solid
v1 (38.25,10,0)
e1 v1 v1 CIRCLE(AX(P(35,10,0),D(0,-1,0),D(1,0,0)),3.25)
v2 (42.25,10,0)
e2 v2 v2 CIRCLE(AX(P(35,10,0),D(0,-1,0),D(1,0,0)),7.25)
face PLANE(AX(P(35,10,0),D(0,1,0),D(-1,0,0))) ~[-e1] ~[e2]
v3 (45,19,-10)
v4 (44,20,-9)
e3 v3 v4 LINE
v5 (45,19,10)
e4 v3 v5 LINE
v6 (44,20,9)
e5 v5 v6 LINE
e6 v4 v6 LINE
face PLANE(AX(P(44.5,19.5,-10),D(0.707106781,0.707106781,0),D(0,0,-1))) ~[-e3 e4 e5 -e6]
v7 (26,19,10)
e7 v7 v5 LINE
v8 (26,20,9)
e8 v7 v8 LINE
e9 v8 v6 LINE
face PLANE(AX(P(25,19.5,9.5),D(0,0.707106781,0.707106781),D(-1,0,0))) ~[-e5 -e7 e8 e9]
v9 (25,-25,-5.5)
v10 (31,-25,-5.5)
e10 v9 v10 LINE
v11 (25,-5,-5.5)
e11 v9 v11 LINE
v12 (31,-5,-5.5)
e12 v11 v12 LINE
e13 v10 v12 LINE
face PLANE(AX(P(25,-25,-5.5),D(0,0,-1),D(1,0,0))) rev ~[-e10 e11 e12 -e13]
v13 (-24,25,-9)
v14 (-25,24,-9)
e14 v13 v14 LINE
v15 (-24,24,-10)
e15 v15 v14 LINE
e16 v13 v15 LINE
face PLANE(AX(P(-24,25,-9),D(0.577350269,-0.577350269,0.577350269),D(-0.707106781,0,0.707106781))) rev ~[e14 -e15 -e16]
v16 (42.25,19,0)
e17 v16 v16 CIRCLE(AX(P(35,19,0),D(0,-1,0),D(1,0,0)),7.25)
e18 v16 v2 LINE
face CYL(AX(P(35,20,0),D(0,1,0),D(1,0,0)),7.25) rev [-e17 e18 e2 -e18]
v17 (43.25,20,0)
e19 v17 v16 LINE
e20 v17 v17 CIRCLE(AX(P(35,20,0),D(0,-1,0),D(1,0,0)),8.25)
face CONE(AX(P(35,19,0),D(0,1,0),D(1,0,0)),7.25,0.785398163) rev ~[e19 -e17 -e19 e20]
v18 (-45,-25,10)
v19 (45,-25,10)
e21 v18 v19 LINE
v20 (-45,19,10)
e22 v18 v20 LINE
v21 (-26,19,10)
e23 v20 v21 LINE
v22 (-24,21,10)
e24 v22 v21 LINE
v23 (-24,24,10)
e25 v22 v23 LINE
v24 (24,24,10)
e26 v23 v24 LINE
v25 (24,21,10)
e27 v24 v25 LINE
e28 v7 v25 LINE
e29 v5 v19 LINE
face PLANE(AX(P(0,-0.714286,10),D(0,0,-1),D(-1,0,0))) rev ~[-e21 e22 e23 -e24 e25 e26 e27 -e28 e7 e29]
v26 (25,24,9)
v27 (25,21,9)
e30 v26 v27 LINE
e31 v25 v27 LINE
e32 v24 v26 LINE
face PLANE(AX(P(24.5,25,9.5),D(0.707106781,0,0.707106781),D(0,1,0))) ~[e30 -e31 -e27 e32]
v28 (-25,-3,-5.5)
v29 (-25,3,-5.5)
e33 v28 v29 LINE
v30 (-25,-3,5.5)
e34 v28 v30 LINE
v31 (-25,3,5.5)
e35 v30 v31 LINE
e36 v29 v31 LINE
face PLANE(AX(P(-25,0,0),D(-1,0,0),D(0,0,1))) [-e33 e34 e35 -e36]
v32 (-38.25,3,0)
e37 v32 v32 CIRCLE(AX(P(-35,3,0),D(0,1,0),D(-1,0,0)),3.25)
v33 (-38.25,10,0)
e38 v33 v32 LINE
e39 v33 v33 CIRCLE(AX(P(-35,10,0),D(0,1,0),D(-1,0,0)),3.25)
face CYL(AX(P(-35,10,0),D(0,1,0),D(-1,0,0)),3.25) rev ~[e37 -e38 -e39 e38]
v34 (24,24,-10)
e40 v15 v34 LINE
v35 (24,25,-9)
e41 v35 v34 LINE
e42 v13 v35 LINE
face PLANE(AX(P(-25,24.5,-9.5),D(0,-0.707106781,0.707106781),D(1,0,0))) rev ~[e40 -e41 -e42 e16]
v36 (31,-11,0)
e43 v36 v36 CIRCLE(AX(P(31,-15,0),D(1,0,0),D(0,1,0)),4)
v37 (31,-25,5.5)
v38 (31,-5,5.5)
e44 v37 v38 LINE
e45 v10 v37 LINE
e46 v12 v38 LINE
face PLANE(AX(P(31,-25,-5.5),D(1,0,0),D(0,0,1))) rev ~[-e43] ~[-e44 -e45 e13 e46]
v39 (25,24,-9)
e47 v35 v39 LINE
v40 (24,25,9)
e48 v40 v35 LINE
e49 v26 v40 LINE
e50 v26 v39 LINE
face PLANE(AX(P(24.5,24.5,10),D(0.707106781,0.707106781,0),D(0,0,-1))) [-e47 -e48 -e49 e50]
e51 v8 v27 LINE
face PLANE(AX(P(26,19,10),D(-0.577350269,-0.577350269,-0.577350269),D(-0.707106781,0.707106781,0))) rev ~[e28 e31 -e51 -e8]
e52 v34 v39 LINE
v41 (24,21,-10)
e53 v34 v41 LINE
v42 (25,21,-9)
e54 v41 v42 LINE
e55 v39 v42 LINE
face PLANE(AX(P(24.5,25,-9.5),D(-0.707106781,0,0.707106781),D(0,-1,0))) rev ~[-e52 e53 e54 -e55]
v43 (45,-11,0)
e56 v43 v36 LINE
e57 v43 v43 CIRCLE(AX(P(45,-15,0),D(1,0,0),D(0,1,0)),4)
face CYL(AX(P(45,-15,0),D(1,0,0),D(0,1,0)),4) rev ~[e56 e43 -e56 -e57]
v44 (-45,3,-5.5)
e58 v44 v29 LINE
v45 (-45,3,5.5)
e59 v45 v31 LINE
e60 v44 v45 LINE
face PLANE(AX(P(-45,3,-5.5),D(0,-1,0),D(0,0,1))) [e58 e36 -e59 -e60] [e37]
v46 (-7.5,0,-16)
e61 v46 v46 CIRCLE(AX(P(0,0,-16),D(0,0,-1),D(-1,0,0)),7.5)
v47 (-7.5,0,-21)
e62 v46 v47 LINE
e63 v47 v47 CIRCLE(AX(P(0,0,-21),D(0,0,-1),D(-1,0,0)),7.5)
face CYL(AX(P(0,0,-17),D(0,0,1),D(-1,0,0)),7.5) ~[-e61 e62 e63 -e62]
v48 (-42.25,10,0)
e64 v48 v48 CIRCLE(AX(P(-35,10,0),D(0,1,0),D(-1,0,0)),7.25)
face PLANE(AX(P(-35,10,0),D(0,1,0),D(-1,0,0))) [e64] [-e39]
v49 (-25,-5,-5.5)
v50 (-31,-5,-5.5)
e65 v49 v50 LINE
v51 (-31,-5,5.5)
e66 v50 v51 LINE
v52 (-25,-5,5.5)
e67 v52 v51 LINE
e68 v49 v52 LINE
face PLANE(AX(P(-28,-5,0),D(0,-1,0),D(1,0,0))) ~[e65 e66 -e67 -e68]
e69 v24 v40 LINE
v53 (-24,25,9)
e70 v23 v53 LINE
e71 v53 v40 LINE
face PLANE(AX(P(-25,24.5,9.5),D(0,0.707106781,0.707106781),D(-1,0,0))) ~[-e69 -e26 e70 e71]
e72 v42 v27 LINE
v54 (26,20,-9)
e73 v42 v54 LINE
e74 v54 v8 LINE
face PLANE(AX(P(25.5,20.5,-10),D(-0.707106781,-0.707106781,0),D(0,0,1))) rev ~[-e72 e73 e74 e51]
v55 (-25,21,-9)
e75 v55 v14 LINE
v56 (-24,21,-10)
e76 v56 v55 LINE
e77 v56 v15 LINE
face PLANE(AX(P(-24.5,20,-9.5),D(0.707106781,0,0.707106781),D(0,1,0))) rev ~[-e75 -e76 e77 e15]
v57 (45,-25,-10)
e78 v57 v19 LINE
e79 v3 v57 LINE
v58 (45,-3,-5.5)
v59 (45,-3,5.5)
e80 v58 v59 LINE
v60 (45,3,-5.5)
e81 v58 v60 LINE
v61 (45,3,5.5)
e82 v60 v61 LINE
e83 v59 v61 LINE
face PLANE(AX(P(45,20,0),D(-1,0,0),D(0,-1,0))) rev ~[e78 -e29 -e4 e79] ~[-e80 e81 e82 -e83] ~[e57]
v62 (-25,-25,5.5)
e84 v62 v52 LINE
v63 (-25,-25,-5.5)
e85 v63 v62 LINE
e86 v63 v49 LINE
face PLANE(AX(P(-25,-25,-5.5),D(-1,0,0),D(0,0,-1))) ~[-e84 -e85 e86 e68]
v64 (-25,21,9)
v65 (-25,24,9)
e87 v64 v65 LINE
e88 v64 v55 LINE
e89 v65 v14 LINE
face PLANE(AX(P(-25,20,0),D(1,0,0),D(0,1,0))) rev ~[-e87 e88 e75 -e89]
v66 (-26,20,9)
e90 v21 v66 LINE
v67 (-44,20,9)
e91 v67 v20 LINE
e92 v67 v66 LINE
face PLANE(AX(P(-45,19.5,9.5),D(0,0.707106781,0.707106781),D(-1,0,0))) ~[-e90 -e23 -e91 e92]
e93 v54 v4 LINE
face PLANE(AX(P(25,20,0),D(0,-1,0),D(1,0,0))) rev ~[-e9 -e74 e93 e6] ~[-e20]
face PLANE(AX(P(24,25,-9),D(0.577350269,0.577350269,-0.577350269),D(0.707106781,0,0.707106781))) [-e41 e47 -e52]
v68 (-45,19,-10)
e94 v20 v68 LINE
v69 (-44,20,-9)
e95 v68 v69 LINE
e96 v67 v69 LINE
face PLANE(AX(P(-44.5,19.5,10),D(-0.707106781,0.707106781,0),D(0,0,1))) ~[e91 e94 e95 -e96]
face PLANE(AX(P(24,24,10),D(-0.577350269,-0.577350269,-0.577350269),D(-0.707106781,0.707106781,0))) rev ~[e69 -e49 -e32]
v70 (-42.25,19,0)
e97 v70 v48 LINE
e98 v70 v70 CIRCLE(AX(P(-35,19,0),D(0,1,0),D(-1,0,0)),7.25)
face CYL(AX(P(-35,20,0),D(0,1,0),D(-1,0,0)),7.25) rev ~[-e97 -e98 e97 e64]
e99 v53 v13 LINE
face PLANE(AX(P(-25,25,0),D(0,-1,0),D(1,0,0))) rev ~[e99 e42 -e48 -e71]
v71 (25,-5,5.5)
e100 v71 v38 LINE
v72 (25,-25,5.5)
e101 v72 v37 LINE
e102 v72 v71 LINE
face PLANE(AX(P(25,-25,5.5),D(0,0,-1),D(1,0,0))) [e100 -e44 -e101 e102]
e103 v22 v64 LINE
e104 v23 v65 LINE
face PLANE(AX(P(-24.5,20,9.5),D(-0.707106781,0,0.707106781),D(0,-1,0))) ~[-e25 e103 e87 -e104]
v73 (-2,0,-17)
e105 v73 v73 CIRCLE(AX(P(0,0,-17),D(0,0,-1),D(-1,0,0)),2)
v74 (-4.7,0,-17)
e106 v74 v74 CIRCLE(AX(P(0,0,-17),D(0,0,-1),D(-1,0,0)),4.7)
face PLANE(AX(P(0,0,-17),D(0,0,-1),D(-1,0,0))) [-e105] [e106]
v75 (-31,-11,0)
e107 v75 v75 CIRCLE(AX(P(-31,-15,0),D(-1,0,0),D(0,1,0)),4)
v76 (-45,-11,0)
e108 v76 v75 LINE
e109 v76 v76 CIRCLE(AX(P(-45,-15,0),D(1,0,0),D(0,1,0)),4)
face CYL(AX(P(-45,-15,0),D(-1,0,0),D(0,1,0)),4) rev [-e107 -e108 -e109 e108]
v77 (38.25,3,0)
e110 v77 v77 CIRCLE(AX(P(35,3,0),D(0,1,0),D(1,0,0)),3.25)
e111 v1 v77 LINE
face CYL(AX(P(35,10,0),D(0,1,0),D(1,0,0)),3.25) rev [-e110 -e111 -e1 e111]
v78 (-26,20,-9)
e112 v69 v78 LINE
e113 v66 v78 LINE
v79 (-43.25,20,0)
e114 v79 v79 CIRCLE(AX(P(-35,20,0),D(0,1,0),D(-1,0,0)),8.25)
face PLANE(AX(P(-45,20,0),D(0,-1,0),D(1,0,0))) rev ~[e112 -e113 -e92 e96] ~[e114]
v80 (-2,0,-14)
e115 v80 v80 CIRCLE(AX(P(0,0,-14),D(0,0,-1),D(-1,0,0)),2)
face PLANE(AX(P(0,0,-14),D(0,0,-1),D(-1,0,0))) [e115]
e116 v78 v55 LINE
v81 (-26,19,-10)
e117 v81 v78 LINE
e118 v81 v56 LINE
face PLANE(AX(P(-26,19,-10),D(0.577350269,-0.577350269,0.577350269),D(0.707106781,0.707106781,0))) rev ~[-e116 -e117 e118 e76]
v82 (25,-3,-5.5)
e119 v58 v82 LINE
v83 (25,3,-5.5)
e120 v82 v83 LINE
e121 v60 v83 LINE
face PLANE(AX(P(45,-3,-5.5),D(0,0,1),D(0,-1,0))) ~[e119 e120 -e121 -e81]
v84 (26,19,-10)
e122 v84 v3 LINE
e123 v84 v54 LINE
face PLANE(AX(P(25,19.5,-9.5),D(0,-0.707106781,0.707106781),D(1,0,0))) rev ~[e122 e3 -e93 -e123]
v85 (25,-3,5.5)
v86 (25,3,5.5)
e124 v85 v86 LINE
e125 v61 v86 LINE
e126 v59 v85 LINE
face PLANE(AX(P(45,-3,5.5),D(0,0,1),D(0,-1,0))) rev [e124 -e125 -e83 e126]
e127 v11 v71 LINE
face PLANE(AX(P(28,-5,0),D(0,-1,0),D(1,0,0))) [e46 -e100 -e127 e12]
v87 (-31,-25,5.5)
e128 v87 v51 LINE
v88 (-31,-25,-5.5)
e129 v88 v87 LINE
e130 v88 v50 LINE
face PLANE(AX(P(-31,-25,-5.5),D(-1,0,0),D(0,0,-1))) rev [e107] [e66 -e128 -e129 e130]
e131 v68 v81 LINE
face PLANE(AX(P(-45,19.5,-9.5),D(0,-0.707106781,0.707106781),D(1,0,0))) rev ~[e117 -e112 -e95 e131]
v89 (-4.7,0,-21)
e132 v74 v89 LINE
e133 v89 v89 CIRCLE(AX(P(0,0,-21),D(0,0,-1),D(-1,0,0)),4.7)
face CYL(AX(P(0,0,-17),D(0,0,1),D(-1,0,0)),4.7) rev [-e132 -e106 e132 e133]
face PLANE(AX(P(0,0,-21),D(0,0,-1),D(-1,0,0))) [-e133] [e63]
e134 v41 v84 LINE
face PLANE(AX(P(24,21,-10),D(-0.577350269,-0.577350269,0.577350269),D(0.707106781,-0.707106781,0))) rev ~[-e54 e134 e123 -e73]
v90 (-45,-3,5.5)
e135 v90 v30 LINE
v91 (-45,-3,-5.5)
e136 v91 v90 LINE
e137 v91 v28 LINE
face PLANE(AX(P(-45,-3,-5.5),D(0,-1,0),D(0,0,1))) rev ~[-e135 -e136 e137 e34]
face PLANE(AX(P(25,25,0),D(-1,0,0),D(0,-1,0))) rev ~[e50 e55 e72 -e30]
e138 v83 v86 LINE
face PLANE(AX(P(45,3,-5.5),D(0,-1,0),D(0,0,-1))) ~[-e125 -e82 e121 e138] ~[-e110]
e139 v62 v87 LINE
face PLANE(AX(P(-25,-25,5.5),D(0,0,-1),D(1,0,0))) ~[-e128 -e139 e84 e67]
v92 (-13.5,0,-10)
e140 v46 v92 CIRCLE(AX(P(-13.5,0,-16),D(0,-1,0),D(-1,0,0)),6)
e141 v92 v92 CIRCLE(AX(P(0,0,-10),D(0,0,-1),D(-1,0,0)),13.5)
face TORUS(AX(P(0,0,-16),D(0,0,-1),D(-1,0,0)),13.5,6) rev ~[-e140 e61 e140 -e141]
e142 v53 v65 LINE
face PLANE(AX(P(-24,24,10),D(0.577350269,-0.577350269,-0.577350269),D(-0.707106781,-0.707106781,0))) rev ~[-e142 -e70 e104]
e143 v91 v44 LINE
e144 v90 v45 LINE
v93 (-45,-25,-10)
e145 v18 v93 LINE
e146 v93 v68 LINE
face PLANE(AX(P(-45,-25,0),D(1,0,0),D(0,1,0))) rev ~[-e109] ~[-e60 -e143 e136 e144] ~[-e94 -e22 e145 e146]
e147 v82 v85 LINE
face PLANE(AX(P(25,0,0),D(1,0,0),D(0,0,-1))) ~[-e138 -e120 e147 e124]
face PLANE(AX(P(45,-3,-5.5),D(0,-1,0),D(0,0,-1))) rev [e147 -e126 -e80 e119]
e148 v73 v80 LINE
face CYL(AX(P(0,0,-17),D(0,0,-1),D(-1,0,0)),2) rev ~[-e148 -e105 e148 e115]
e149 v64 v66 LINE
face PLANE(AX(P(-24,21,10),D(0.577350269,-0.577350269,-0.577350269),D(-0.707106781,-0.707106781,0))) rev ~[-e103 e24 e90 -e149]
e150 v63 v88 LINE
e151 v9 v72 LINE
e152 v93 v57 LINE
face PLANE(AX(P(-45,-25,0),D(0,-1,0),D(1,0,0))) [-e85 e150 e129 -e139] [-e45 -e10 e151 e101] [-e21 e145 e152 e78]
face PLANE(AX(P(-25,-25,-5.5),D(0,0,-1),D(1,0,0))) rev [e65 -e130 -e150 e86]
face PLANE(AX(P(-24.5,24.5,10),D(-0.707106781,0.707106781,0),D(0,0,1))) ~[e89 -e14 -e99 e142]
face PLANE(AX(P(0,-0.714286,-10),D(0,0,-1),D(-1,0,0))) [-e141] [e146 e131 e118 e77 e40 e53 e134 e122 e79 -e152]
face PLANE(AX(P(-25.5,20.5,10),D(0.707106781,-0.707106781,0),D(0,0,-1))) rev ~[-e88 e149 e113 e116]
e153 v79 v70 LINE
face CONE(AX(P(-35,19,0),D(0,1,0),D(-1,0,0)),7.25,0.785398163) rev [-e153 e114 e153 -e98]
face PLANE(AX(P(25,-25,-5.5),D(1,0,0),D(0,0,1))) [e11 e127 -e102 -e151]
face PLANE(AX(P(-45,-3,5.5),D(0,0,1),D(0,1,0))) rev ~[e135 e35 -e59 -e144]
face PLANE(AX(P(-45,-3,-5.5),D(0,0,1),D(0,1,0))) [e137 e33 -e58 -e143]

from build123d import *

# Parameters (mm, degrees)
BODY_DEPTH             = 10
SKETCH14_R             = 7.5
BEARING_SUPPORT_DEPTH  = 7
SKETCH15_R             = 7.5
SKETCH15_R_2           = 4.7
BEARING_PLACE_DEPTH    = 4
SKETCH16_R             = 2
MOTOR_SHAFT_HOLE_DEPTH = 3
FILLET1_R              = 6
SKETCH17_R             = 7.25
SPRING_HOLE_DEPTH      = 10
SKETCH18_W             = 11
SKETCH18_H             = 6
NUT_HOLE_DEPTH         = 20
SKETCH19_R             = 3.25
SHAFT_HOLE_DEPTH       = 13
SKETCH20_R             = 4
BRAKE_SCREW_HOLE_DEPTH = 20
SKETCH21_W             = 6
SKETCH21_H             = 11
BRAKE_NUT_HOLE_DEPTH   = 20
CHAMFER1_SIZE          = 1


with BuildPart() as part:
    # Sketch1 → Body (new, symmetric)
    with BuildSketch(Plane.XY):
        Polygon((25, -25), (-25, -25), (-45, -25), (-45, 20), (-25, 20), (-25, 25), (25, 25), (25, 20), (45, 20), (45, -25), align=None)
    extrude(amount=BODY_DEPTH, both=True)

    # Sketch14 → Bearing_Support (add)
    with BuildSketch(Plane(origin=(0, 0, -10), x_dir=(-1, 0, 0), z_dir=(0, 0, -1))):
        Circle(SKETCH14_R)
    extrude(amount=BEARING_SUPPORT_DEPTH)

    # Sketch15 → Bearing_Place (add)
    with BuildSketch(Plane(origin=(0, 0, -17), x_dir=(-1, 0, 0), z_dir=(0, 0, -1))):
        Circle(SKETCH15_R)
        Circle(SKETCH15_R_2, mode=Mode.SUBTRACT)
    extrude(amount=BEARING_PLACE_DEPTH)

    # Sketch16 → Motor_Shaft_Hole (cut)
    with BuildSketch(Plane(origin=(0, 0, -17), x_dir=(-1, 0, 0), z_dir=(0, 0, -1))):
        Circle(SKETCH16_R)
    extrude(amount=-MOTOR_SHAFT_HOLE_DEPTH, mode=Mode.SUBTRACT)

    # Fillet1
    fillet1_edges = [part.edges().sort_by_distance(p)[0] for p in [
        (7.5, 0, -10),
    ]]
    fillet(fillet1_edges, radius=FILLET1_R)

    # Sketch17 → Spring_Hole (cut)
    with BuildSketch(Plane(origin=(0, 20, 0), x_dir=(1, 0, 0), z_dir=(0, 1, 0))):
        with Locations(Location((-35, 0, 0), (0, 0, 180))):
            Circle(SKETCH17_R)
    spring_hole = extrude(amount=-SPRING_HOLE_DEPTH, mode=Mode.SUBTRACT)

    # Sketch18 → Nut_Hole (cut)
    with BuildSketch(Plane.ZY.offset(45)):
        Rectangle(SKETCH18_W, SKETCH18_H)
    nut_hole = extrude(amount=-NUT_HOLE_DEPTH, mode=Mode.SUBTRACT)

    # Sketch19 → Shaft_Hole (cut)
    with BuildSketch(Plane(origin=(0, 10, 0), x_dir=(1, 0, 0), z_dir=(0, 1, 0))):
        with Locations(Location((-35, 0, 0), (0, 0, 180))):
            Circle(SKETCH19_R)
    shaft_hole = extrude(amount=-SHAFT_HOLE_DEPTH, mode=Mode.SUBTRACT)

    # Sketch20 → Brake_Screw_Hole (cut)
    with BuildSketch(Plane(origin=(45, 0, 0), x_dir=(0, 0, -1), z_dir=(1, 0, 0))):
        with Locations(Location((0, -15, 0), (0, 0, 90))):
            Circle(SKETCH20_R)
    brake_screw_hole = extrude(amount=-BRAKE_SCREW_HOLE_DEPTH, mode=Mode.SUBTRACT)

    # Sketch21 → Brake_Nut_Hole (cut)
    with BuildSketch(Plane.XZ.offset(25)):
        with Locations((28, 0)):
            Rectangle(SKETCH21_W, SKETCH21_H)
    brake_nut_hole = extrude(amount=-BRAKE_NUT_HOLE_DEPTH, mode=Mode.SUBTRACT)

    # Mirror1: Spring_Hole, Nut_Hole, Shaft_Hole, Brake_Screw_Hole, Brake_Nut_Hole across plane
    add(spring_hole.mirror(Plane(origin=(0, 0, 0), x_dir=(0, 0, 1), z_dir=(1, 0, 0))), mode=Mode.SUBTRACT)
    add(nut_hole.mirror(Plane(origin=(0, 0, 0), x_dir=(0, 0, 1), z_dir=(1, 0, 0))), mode=Mode.SUBTRACT)
    add(shaft_hole.mirror(Plane(origin=(0, 0, 0), x_dir=(0, 0, 1), z_dir=(1, 0, 0))), mode=Mode.SUBTRACT)
    add(brake_screw_hole.mirror(Plane(origin=(0, 0, 0), x_dir=(0, 0, 1), z_dir=(1, 0, 0))), mode=Mode.SUBTRACT)
    add(brake_nut_hole.mirror(Plane(origin=(0, 0, 0), x_dir=(0, 0, 1), z_dir=(1, 0, 0))), mode=Mode.SUBTRACT)

    # Chamfer1
    chamfer1_edges = [part.edges().sort_by_distance(p)[0] for p in [
        (25, 22.5, -10),
        (35, 20, -10),
        (-35, 20, 10),
        (-35, 20, -10),
        (-25, 22.5, -10),
        (0, 25, -10),
        (25, 25, 0),
        (25, 20, 0),
        (45, 20, 0),
        (-45, 20, 0),
        (-25, 20, 0),
        (-25, 25, 0),
        (35, 20, 10),
        (25, 22.5, 10),
        (0, 25, 10),
        (-27.75, 20, 0),
        (-25, 22.5, 10),
        (27.75, 20, 0),
    ]]
    chamfer(chamfer1_edges, length=CHAMFER1_SIZE)


solid = part.part
